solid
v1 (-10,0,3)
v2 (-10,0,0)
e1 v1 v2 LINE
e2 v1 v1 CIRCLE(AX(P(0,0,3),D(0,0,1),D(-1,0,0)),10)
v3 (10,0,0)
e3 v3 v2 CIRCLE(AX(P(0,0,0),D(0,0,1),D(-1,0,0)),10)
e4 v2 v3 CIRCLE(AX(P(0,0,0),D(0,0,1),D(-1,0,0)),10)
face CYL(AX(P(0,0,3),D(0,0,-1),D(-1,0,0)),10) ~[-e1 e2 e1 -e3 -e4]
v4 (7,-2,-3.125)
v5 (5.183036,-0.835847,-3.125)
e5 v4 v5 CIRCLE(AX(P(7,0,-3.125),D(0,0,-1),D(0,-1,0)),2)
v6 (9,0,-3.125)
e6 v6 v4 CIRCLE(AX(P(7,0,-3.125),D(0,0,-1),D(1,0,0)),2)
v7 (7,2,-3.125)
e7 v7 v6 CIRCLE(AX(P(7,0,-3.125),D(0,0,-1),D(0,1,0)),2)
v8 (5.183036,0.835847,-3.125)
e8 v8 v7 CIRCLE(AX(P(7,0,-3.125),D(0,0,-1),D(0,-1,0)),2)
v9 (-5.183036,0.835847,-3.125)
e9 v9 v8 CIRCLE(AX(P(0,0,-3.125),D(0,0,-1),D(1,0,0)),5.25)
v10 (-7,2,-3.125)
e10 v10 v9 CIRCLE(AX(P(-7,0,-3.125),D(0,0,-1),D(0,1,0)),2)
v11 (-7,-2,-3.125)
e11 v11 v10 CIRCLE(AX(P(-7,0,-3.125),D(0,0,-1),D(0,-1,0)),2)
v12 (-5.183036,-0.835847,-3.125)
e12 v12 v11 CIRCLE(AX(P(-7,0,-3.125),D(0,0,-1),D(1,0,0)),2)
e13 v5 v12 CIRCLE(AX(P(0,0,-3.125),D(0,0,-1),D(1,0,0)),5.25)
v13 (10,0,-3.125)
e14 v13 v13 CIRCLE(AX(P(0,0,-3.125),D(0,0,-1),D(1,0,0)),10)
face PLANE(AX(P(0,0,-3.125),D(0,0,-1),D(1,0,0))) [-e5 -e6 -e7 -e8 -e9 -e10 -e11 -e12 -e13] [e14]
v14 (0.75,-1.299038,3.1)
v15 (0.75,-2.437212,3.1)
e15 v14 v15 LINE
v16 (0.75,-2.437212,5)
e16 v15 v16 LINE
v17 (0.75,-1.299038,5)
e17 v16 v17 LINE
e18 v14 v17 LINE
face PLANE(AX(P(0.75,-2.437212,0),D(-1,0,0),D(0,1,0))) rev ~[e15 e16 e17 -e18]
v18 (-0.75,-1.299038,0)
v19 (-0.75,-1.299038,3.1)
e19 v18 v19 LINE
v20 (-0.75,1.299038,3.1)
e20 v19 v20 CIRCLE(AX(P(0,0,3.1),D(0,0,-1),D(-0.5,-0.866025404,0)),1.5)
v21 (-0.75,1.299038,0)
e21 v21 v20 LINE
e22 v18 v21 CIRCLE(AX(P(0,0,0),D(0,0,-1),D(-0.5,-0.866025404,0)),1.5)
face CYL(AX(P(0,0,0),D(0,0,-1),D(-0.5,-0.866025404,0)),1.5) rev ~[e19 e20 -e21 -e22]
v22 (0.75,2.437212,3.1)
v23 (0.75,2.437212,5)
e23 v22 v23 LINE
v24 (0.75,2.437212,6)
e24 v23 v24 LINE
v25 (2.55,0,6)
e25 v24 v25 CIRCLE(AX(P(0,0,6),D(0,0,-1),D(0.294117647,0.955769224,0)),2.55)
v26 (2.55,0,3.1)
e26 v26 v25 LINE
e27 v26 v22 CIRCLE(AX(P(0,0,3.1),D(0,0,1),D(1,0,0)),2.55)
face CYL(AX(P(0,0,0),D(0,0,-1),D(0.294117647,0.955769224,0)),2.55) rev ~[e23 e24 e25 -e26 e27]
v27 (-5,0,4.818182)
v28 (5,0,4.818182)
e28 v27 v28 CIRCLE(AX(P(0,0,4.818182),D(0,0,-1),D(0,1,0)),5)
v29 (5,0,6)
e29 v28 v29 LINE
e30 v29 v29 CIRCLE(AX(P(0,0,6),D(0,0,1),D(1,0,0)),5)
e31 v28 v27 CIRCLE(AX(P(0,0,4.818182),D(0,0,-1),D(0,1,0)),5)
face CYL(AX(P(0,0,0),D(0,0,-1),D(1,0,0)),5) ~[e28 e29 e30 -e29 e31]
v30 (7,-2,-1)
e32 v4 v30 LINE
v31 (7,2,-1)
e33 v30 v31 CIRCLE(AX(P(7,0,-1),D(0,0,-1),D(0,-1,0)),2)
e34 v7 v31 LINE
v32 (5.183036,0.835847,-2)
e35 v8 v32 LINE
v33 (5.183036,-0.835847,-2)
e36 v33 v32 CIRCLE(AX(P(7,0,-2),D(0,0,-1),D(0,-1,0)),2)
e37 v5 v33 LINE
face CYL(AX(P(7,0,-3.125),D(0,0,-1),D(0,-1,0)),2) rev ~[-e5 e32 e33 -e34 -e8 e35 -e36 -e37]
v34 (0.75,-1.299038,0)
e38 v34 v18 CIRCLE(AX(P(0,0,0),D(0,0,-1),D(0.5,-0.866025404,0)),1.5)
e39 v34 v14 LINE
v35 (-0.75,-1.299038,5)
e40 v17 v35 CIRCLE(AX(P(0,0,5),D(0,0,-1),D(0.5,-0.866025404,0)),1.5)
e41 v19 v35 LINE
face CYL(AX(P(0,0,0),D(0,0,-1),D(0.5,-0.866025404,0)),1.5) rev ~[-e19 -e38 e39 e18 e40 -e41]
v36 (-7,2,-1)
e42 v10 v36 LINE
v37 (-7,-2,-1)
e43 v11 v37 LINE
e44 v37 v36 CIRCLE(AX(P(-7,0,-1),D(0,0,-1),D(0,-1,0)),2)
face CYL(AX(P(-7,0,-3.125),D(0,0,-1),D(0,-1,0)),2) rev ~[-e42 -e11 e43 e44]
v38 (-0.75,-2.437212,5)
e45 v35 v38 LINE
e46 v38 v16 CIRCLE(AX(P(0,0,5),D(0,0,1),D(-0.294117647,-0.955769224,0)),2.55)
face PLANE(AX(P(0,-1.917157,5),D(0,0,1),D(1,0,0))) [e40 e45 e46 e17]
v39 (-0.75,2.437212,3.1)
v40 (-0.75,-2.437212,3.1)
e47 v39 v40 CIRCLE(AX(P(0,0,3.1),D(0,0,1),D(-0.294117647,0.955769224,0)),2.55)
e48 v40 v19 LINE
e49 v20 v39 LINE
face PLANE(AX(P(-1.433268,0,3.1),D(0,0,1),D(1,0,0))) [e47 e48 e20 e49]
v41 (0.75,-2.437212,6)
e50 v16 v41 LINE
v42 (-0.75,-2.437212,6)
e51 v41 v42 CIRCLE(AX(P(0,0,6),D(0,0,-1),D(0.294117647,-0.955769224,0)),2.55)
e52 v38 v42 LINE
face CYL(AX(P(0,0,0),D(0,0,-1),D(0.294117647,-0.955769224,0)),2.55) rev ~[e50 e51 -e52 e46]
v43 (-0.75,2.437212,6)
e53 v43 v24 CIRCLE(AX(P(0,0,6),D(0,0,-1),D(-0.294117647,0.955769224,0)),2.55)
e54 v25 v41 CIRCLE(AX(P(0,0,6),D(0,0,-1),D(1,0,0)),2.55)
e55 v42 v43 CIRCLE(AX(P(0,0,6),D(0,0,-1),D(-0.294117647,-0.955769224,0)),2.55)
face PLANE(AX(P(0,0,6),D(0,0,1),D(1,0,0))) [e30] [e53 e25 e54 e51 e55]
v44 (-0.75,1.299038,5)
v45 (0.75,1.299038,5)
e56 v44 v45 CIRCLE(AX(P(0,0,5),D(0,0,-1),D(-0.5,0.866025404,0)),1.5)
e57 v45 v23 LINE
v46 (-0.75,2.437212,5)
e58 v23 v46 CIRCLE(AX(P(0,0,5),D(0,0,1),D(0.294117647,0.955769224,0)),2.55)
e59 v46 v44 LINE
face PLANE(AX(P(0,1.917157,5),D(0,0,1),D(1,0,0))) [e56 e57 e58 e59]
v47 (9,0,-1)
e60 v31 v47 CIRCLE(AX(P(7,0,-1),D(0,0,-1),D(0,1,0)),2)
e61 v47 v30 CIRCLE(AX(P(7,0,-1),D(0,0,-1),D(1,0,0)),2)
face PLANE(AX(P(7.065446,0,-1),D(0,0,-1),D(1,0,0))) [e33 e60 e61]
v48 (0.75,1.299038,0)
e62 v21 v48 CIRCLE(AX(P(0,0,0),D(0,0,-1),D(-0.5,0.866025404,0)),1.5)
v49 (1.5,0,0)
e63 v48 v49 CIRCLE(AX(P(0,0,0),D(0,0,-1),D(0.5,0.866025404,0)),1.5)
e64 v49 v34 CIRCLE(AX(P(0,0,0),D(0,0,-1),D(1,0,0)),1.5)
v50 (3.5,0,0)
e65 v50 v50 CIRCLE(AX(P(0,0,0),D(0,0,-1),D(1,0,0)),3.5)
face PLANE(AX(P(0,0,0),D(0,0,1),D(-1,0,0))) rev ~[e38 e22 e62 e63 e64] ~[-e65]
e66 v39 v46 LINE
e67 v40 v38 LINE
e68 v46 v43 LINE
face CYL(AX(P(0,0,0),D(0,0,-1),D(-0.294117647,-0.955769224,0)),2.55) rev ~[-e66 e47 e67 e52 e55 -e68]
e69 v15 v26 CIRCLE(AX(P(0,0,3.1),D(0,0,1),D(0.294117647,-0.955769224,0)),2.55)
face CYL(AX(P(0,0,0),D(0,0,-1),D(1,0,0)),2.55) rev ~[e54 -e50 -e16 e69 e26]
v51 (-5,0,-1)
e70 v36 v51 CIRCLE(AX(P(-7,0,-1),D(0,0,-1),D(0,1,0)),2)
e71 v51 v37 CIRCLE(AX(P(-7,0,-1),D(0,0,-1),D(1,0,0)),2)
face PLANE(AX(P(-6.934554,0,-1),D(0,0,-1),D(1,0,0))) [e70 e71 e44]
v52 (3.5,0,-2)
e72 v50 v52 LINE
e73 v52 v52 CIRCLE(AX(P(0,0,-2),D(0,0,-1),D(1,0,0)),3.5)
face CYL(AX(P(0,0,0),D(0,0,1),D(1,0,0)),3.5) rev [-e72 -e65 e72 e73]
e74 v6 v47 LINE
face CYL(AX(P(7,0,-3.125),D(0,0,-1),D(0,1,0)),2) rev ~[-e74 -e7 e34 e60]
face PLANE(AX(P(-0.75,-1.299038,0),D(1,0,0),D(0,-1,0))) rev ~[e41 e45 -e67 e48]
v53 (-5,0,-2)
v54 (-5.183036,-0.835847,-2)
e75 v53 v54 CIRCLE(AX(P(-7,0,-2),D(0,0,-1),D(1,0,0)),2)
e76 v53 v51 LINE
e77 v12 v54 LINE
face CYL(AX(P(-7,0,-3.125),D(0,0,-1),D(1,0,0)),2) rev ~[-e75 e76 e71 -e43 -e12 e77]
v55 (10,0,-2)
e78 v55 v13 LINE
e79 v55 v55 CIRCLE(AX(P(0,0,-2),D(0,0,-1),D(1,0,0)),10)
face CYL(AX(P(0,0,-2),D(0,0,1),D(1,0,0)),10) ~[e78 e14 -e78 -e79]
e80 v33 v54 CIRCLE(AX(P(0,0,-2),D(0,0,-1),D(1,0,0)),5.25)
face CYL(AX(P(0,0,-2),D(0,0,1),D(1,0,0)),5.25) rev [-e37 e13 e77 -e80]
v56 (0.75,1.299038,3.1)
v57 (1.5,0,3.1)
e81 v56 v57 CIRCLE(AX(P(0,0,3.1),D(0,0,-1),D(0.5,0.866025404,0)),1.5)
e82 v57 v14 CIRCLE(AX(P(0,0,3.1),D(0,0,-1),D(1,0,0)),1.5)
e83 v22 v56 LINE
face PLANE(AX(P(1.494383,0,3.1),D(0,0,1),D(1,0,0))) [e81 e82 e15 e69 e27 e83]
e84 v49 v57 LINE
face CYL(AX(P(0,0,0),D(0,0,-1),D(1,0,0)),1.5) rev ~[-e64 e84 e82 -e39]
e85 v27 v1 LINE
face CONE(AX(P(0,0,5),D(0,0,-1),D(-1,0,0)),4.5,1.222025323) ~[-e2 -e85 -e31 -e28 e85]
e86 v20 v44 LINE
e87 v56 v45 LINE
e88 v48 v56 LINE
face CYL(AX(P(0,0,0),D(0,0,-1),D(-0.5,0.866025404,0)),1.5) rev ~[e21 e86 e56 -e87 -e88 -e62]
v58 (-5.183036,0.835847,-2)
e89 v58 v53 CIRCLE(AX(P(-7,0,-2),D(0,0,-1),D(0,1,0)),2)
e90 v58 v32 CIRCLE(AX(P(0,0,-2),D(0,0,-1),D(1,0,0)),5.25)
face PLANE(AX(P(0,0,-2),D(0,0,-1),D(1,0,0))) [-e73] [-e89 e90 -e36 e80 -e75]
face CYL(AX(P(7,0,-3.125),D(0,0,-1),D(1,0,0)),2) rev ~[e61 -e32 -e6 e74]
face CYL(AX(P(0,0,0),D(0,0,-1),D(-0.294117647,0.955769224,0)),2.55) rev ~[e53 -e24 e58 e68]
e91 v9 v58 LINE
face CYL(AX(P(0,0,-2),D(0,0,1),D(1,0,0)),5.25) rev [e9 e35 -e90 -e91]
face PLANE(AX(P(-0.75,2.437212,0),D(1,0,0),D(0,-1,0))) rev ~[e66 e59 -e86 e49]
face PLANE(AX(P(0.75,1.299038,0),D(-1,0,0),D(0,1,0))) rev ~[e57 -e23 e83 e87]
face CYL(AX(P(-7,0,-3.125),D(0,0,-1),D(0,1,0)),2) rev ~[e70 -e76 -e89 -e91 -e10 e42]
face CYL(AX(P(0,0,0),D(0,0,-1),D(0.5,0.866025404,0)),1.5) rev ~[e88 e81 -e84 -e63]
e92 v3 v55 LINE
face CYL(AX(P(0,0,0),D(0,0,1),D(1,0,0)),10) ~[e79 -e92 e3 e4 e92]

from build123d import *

# Parameters (mm, degrees)
F0_R      = 5
F1_DEPTH  = 6
F2_DEPTH  = 5
F3_DEPTH  = 3.1
F6_R      = 10
F6_R_2    = 3.5
F7_DEPTH  = 2
F8_R      = 10
F8_R_2    = 5.25
F9_DEPTH  = 1.125
F11_DEPTH = 2.125


with BuildPart() as f1:
    # F0 (on Top) → F1 (new body)
    with BuildSketch(Plane.XY):
        Circle(F0_R)
        with BuildLine():
            ThreePointArc((0.75, 2.4372115214), (2.0512191497, 1.5149257408), (2.55, 0))
            ThreePointArc((2.55, 0), (2.0512191497, -1.5149257408), (0.75, -2.4372115214))
            ThreePointArc((0.75, -2.4372115214), (0, -2.55), (-0.75, -2.4372115214))
            ThreePointArc((-0.75, -2.4372115214), (-2.55, 0), (-0.75, 2.4372115214))
            ThreePointArc((-0.75, 2.4372115214), (0, 2.55), (0.75, 2.4372115214))
        make_face(mode=Mode.SUBTRACT)
    extrude(amount=F1_DEPTH)

    # F0 (on Top) → F2 (join)
    with BuildSketch(Plane.XY):
        with BuildLine():
            Line((0.75, 1.2990381057), (0.75, 2.4372115214))
            ThreePointArc((0.75, 2.4372115214), (0, 2.55), (-0.75, 2.4372115214))
            Line((-0.75, 2.4372115214), (-0.75, 1.2990381057))
            ThreePointArc((-0.75, 1.2990381057), (0, 1.5), (0.75, 1.2990381057))
        make_face()
        with BuildLine():
            ThreePointArc((-0.75, -2.4372115214), (0, -2.55), (0.75, -2.4372115214))
            Line((0.75, -2.4372115214), (0.75, -1.2990381057))
            ThreePointArc((0.75, -1.2990381057), (0, -1.5), (-0.75, -1.2990381057))
            Line((-0.75, -1.2990381057), (-0.75, -2.4372115214))
        make_face()
    extrude(amount=F2_DEPTH)

    # F0 (on Top) → F3 (join)
    with BuildSketch(Plane.XY):
        with BuildLine():
            Line((-0.75, 1.2990381057), (-0.75, 2.4372115214))
            ThreePointArc((-0.75, 2.4372115214), (-2.55, 0), (-0.75, -2.4372115214))
            Line((-0.75, -2.4372115214), (-0.75, -1.2990381057))
            ThreePointArc((-0.75, -1.2990381057), (-1.5, 0), (-0.75, 1.2990381057))
        make_face()
        with BuildLine():
            ThreePointArc((0.75, -2.4372115214), (2.0512191497, -1.5149257408), (2.55, 0))
            ThreePointArc((2.55, 0), (2.0512191497, 1.5149257408), (0.75, 2.4372115214))
            Line((0.75, 2.4372115214), (0.75, 1.2990381057))
            ThreePointArc((0.75, 1.2990381057), (1.2990381057, 0.75), (1.5, 0))
            ThreePointArc((1.5, 0), (1.2990381057, -0.75), (0.75, -1.2990381057))
            Line((0.75, -1.2990381057), (0.75, -2.4372115214))
        make_face()
    extrude(amount=F3_DEPTH)

    # F4 (on Front) → F5 (revolve)
    with BuildSketch(Plane.XZ):
        Polygon((-10, 0), (-4, 0), (-4, 5), (-4.5, 5), (-10, 3), align=None)
    revolve(axis=Axis((0, 0, 1.2425027974), (0, 0, 1)))

    # F6 (on face) → F7 (join)
    with BuildSketch(Plane(origin=(0, 0, 0), x_dir=(1, 0, 0), z_dir=(0, 0, -1))):
        Circle(F6_R)
        Circle(F6_R_2, mode=Mode.SUBTRACT)
    extrude(amount=F7_DEPTH)

    # F8 (on face) → F9 (join)
    with BuildSketch(Plane(origin=(0, 0, -2), x_dir=(1, 0, 0), z_dir=(0, 0, -1))):
        Circle(F8_R)
        Circle(F8_R_2, mode=Mode.SUBTRACT)
    extrude(amount=F9_DEPTH)

    # F10 (on face) → F11 (cut)
    with BuildSketch(Plane(origin=(0, 0, -3.125), x_dir=(1, 0, 0), z_dir=(0, 0, -1))):
        with BuildLine():
            ThreePointArc((-7, -2), (-5.5857864376, -1.4142135624), (-5, 0))
            ThreePointArc((-5, 0), (-5.5857864376, 1.4142135624), (-7, 2))
            ThreePointArc((-7, 2), (-9, 0), (-7, -2))
        make_face()
        with BuildLine():
            ThreePointArc((7, -2), (8.4142135624, -1.4142135624), (9, 0))
            ThreePointArc((9, 0), (8.4142135624, 1.4142135624), (7, 2))
            ThreePointArc((7, 2), (5, 0), (7, -2))
        make_face()
    extrude(amount=-F11_DEPTH, mode=Mode.SUBTRACT)


solid = f1.part
